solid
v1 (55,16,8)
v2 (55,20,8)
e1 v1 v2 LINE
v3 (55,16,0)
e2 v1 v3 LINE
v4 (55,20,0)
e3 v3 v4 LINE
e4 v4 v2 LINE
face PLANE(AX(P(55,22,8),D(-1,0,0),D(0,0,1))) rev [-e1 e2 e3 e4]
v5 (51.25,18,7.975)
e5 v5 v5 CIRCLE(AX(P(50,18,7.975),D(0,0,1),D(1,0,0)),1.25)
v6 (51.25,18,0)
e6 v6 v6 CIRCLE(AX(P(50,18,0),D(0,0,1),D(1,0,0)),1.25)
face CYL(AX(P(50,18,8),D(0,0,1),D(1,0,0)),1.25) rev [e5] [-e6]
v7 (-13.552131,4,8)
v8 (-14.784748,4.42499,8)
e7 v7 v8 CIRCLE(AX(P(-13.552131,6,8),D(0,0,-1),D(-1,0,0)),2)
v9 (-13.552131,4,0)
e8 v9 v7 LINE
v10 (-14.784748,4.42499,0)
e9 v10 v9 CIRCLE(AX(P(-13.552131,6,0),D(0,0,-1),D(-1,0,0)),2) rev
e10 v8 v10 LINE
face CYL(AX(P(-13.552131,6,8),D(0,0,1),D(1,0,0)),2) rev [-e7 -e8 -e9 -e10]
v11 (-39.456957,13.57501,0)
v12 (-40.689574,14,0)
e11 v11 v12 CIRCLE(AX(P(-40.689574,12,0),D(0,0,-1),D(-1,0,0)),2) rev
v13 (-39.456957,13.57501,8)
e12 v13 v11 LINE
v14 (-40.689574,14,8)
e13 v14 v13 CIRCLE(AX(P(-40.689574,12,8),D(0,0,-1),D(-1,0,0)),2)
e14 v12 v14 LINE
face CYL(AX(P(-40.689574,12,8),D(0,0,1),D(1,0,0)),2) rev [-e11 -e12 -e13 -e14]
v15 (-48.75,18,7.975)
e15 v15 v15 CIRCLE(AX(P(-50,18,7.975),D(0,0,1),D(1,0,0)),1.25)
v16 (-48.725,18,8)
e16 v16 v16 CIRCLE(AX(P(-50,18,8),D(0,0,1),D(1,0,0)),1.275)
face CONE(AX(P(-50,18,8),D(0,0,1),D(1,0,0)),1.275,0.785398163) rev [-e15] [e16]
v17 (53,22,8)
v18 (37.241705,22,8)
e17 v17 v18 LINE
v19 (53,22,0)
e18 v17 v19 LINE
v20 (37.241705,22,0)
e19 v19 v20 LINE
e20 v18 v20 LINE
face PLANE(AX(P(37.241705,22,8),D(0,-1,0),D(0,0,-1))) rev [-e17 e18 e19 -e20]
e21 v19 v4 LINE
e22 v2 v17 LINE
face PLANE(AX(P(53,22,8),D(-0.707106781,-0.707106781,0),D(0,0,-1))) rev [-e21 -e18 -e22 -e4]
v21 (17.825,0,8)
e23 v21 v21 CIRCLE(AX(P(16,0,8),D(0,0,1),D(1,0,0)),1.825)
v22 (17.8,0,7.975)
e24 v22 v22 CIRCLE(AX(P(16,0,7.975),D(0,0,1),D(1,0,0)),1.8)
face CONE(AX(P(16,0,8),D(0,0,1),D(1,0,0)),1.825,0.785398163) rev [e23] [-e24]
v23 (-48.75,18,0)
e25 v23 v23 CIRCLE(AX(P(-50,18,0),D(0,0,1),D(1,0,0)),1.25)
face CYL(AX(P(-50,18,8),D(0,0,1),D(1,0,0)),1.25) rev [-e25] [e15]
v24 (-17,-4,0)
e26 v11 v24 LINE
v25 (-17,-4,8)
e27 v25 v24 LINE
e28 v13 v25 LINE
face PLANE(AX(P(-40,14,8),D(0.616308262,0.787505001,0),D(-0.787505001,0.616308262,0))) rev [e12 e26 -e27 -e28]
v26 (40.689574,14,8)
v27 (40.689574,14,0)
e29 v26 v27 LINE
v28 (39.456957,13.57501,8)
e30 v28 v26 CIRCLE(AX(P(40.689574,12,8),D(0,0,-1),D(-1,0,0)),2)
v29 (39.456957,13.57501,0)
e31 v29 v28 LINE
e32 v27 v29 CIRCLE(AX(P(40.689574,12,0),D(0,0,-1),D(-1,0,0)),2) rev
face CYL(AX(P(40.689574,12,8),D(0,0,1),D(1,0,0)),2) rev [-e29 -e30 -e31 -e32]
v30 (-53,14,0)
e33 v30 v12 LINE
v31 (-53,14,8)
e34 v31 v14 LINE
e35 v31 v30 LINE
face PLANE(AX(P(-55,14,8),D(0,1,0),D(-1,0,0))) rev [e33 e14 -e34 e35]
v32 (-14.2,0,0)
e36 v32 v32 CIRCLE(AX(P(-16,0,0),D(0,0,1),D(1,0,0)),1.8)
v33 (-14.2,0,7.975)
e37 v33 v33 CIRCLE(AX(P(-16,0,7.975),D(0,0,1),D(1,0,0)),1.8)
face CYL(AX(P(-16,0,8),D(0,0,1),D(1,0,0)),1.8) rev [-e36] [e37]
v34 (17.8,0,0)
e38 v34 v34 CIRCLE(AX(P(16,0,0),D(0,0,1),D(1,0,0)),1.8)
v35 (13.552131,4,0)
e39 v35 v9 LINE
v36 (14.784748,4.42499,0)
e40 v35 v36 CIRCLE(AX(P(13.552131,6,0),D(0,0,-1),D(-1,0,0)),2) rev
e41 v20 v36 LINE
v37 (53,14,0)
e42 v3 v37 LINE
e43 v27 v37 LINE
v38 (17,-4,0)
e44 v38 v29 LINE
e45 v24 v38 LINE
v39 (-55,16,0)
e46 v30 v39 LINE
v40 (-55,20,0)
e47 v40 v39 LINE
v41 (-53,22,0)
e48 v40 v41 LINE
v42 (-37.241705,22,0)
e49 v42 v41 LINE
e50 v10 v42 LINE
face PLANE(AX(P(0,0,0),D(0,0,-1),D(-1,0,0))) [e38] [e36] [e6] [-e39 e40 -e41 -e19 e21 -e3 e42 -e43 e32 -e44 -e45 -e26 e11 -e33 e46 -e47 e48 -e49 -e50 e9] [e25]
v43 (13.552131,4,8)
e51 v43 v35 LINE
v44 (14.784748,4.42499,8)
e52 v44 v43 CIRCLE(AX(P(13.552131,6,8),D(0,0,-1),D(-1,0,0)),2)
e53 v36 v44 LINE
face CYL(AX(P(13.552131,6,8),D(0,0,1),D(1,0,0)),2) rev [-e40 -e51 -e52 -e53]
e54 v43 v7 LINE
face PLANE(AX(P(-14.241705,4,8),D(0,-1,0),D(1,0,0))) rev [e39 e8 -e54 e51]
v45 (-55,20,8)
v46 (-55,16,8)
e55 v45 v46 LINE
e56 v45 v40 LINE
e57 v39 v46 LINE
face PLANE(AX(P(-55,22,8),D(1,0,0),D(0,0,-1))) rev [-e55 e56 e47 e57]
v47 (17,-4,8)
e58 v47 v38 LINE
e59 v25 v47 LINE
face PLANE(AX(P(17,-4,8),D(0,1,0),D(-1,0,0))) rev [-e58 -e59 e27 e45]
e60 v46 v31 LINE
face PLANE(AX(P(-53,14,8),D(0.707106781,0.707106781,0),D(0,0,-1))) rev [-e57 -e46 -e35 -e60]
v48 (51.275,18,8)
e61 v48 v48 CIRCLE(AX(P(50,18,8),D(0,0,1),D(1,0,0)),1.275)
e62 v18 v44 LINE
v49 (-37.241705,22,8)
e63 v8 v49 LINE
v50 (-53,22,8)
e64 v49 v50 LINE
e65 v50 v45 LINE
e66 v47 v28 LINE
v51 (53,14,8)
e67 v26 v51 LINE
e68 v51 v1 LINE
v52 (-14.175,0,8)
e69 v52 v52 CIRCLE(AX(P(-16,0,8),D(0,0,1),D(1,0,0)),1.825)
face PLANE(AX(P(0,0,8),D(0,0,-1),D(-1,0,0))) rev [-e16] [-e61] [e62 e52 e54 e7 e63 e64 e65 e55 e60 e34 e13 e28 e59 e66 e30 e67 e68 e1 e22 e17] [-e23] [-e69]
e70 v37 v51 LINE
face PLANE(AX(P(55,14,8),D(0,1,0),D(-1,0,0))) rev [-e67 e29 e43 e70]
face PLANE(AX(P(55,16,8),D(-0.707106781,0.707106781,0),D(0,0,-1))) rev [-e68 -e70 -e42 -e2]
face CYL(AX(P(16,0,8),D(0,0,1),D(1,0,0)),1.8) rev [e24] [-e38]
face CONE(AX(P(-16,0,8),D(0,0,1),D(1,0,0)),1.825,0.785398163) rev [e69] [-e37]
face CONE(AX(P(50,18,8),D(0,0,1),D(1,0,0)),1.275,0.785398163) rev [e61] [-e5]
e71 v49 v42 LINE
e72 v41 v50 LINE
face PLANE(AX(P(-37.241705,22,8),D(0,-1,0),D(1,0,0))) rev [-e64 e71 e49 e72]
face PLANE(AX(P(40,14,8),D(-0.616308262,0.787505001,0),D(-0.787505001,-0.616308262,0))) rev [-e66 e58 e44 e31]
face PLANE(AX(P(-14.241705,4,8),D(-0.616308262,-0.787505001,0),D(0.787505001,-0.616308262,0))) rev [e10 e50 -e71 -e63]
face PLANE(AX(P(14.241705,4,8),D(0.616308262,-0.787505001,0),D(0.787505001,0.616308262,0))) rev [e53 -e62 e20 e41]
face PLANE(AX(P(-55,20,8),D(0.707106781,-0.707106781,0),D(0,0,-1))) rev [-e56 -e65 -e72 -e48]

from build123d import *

# Parameters (mm, degrees)
SKETCH1_R                             = 1
BOSS_EXTRUDE1_DEPTH                   = 8
TAP_DRILL_FOR_M3X0_5_TAP1_D           = 2.5
TAP_DRILL_FOR_M3X0_5_TAP1_CSINK_D     = 2.55
TAP_DRILL_FOR_M3X0_5_TAP1_CSINK_ANGLE = 90
M3_CLEARANCE_HOLE1_D                  = 3.6
M3_CLEARANCE_HOLE1_CSINK_D            = 3.65
M3_CLEARANCE_HOLE1_CSINK_ANGLE        = 90
CHAMFER3_SIZE                         = 2
FILLET1_R                             = 2


with BuildPart() as part:
    # Sketch1 → Boss-Extrude1 (new body)
    with BuildSketch(Plane.XY):
        Polygon((-14.241705008, 4), (14.241705008, 4), (37.241705008, 22), (55, 22), (55, 14), (40, 14), (17, -4), (-17, -4), (-40, 14), (-55, 14), (-55, 22), (-37.241705008, 22), align=None)
        with Locations((16, 0)):
            Circle(SKETCH1_R, mode=Mode.SUBTRACT)
        with Locations((50, 18)):
            Circle(SKETCH1_R, mode=Mode.SUBTRACT)
        with Locations(Location((-50, 18, 0), (0, 0, 180))):
            Circle(SKETCH1_R, mode=Mode.SUBTRACT)
        with Locations(Location((-16, 0, 0), (0, 0, 180))):
            Circle(SKETCH1_R, mode=Mode.SUBTRACT)
    extrude(amount=BOSS_EXTRUDE1_DEPTH)

    # Tap Drill for M3x0.5 Tap1 (through all)
    with Locations(Plane.XY.offset(8)):
        with Locations((50, 18), (-50, 18)):
            CounterSinkHole(TAP_DRILL_FOR_M3X0_5_TAP1_D / 2, TAP_DRILL_FOR_M3X0_5_TAP1_CSINK_D / 2, counter_sink_angle=TAP_DRILL_FOR_M3X0_5_TAP1_CSINK_ANGLE)

    # M3 Clearance Hole1 (through all)
    with Locations(Plane.XY.offset(8)):
        with Locations((-16, 0), (16, 0)):
            CounterSinkHole(M3_CLEARANCE_HOLE1_D / 2, M3_CLEARANCE_HOLE1_CSINK_D / 2, counter_sink_angle=M3_CLEARANCE_HOLE1_CSINK_ANGLE)

    # Chamfer3
    chamfer3_edges = [part.edges().sort_by_distance(p)[0] for p in [
        (55, 22, 4),
        (55, 14, 4),
        (-55, 14, 4),
        (-55, 22, 4),
    ]]
    chamfer(chamfer3_edges, length=CHAMFER3_SIZE)

    # Fillet1
    fillet1_edges = [part.edges().sort_by_distance(p)[0] for p in [
        (40, 14, 4),
        (-40, 14, 4),
        (-14.241705008, 4, 4),
        (14.241705008, 4, 4),
    ]]
    fillet(fillet1_edges, radius=FILLET1_R)


solid = part.part
